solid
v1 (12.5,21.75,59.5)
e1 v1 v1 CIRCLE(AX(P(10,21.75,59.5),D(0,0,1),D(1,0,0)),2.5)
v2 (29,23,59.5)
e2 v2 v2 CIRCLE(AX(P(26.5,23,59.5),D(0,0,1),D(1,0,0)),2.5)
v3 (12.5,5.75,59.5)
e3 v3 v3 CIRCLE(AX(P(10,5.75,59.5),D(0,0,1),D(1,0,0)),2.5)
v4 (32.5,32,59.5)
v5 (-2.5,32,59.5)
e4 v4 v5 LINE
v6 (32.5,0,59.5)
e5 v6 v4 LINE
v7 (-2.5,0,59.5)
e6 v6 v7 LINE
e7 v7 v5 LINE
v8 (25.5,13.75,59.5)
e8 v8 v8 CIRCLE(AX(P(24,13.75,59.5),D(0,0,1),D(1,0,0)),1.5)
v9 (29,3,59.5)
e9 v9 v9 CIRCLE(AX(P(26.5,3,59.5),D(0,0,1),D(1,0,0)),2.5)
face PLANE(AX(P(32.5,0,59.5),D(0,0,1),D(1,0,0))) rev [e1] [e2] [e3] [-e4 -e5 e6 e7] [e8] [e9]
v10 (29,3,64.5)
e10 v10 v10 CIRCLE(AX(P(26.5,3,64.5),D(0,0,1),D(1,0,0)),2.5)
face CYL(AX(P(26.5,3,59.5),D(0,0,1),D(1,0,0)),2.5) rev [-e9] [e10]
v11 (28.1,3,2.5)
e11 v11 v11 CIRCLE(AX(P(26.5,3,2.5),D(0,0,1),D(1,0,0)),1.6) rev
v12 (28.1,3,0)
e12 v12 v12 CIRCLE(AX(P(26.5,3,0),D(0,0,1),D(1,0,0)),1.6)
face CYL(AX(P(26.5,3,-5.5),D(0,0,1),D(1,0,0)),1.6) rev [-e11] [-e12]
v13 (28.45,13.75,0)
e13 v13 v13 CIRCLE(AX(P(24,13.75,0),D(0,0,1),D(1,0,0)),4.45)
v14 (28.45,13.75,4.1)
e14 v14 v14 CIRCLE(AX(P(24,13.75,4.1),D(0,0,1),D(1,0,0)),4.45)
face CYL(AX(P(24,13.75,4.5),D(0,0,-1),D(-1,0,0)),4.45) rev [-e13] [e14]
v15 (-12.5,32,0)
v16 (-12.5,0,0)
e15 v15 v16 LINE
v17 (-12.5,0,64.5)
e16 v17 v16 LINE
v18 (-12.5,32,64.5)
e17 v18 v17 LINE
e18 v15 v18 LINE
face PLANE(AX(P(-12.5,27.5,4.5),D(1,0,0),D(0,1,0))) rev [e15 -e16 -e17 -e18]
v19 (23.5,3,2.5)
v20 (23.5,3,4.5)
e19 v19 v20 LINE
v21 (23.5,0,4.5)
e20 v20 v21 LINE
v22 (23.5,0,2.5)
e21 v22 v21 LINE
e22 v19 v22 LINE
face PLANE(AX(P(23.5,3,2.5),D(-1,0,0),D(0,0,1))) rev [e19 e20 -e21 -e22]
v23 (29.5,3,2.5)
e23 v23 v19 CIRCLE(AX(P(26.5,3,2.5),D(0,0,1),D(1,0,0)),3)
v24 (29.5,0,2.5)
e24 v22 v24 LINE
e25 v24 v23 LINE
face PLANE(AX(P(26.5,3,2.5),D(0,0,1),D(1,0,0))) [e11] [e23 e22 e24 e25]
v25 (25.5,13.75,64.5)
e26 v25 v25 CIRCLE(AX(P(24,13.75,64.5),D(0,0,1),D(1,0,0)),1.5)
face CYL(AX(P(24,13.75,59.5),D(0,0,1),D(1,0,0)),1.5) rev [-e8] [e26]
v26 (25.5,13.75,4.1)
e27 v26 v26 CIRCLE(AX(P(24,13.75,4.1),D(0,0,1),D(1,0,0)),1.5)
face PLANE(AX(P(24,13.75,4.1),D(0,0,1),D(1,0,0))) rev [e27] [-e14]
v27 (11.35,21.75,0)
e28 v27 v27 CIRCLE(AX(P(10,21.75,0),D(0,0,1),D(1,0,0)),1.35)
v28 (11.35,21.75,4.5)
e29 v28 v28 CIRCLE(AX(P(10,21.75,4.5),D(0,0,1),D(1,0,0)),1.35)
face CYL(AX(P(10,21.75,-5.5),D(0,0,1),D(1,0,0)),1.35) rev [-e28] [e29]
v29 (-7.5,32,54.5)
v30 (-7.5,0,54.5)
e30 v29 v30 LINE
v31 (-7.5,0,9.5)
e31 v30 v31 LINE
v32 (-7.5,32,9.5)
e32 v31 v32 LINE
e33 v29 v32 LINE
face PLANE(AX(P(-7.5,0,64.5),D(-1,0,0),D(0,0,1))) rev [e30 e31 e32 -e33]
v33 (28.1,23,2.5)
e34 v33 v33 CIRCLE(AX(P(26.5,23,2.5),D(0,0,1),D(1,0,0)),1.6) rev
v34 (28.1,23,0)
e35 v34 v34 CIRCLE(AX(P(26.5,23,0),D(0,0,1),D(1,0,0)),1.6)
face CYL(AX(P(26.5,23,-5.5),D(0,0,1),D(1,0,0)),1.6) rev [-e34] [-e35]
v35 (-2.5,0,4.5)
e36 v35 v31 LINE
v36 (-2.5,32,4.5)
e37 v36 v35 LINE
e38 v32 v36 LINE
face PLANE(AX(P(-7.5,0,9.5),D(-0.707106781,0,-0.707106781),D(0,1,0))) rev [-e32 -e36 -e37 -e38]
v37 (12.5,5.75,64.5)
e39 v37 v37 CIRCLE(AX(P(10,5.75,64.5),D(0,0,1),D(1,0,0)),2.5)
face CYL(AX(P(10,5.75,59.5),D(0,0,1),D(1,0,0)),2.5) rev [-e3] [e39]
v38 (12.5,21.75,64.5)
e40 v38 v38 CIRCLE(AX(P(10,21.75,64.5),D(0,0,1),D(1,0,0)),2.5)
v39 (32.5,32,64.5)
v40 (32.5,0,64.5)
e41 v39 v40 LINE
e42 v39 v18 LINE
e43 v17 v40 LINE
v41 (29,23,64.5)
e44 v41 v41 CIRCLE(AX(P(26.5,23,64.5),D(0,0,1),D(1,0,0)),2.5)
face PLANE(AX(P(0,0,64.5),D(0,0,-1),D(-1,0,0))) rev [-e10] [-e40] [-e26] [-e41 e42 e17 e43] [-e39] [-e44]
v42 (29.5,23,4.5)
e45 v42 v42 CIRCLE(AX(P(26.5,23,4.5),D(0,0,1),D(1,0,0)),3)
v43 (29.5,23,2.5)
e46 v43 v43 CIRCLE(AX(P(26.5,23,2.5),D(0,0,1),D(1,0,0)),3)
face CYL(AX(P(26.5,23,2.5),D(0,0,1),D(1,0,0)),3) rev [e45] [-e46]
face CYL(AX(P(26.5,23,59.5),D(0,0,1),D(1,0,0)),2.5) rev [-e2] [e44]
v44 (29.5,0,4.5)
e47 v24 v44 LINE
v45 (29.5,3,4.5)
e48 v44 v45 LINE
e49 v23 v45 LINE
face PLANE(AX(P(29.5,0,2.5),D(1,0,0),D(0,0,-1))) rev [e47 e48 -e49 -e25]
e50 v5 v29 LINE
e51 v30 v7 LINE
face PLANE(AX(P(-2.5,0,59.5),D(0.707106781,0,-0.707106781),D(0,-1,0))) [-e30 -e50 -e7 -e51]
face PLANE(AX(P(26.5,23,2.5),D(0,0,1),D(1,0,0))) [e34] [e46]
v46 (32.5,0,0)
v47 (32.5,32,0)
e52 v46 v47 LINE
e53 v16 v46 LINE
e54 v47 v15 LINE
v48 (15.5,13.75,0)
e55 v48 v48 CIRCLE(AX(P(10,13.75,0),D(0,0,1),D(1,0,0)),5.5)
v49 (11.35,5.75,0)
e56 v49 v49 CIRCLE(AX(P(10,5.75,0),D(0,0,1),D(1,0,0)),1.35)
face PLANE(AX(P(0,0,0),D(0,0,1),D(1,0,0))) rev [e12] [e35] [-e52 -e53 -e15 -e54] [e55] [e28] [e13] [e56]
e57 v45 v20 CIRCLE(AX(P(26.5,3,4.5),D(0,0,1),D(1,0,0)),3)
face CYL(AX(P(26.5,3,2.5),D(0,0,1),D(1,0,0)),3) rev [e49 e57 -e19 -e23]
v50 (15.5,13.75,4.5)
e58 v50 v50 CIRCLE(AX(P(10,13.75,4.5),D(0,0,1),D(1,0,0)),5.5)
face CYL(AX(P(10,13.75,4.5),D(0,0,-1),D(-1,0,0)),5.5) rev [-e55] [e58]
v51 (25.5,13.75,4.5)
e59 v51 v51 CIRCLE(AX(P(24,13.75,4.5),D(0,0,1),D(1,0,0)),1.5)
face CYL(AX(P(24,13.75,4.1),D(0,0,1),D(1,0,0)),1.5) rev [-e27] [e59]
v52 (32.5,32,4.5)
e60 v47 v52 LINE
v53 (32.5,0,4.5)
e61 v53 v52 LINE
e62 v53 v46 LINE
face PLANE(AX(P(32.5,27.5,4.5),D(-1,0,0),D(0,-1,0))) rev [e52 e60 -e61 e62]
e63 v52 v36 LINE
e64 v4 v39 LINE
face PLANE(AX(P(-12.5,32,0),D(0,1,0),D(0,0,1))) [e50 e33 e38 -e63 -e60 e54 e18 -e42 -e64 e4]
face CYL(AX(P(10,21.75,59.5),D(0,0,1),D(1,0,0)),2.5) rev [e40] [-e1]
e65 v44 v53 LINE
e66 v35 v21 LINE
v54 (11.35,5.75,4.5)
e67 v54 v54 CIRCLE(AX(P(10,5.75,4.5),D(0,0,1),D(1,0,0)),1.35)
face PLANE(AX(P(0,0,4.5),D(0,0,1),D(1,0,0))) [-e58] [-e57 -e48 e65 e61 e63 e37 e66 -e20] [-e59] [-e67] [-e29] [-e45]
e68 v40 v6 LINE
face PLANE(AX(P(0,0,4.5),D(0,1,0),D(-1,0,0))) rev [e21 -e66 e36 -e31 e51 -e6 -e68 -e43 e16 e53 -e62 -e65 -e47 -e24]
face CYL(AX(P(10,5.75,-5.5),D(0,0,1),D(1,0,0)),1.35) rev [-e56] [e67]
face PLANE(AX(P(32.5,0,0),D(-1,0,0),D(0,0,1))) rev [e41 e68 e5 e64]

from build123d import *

# Parameters (mm, degrees)
SKETCH1_R           = 5.5
SKETCH1_R_2         = 4.45
BOSS_EXTRUDE1_DEPTH = 4.5
BOSS_EXTRUDE2_START = -0.4
SKETCH2_R           = 4.45
SKETCH2_R_2         = 1.5
BOSS_EXTRUDE2_DEPTH = 0.4
SKETCH3_R           = 1.6
CUT_EXTRUDE1_DEPTH  = 10
SKETCH4_R           = 1.35
CUT_EXTRUDE2_DEPTH  = 10
SKETCH5_W           = 45
SKETCH5_H           = 4.5
BOSS_EXTRUDE3_DEPTH = 4.5
SKETCH6_R           = 3
CUT_EXTRUDE4_DEPTH  = 2
SKETCH7_W           = 5
SKETCH7_H           = 32
BOSS_EXTRUDE4_DEPTH = 60
SKETCH8_W           = 5
SKETCH8_H           = 32
BOSS_EXTRUDE5_DEPTH = 40
CUT_EXTRUDE5_START  = -5
SKETCH11_R          = 2.5
SKETCH11_R_2        = 1.5
CUT_EXTRUDE5_DEPTH  = 5
CHAMFER1_SIZE       = 5


with BuildPart() as part:
    # Sketch1 → Boss-Extrude1 (new body)
    with BuildSketch(Plane.XY):
        Polygon((0, 27.5), (32.5, 27.5), (32.5, 0), (0, 0), (-12.5, 0), (-12.5, 27.5), align=None)
        with Locations((10, 13.75)):
            Circle(SKETCH1_R, mode=Mode.SUBTRACT)
        with Locations((24, 13.75)):
            Circle(SKETCH1_R_2, mode=Mode.SUBTRACT)
    extrude(amount=BOSS_EXTRUDE1_DEPTH)

    # Sketch2 → Boss-Extrude2 (add)
    with BuildSketch(Plane.XY.offset(4.5).offset(BOSS_EXTRUDE2_START)):
        with Locations((24, 13.75)):
            Circle(SKETCH2_R)
        with Locations((24, 13.75)):
            Circle(SKETCH2_R_2, mode=Mode.SUBTRACT)
    extrude(amount=BOSS_EXTRUDE2_DEPTH)

    # Sketch3 → Cut-Extrude1 (cut)
    with BuildSketch(Plane.XY.offset(4.5)):
        with Locations((26.5, 23)):
            Circle(SKETCH3_R)
        with Locations((26.5, 3)):
            Circle(SKETCH3_R)
    extrude(amount=-CUT_EXTRUDE1_DEPTH, mode=Mode.SUBTRACT)

    # Sketch4 → Cut-Extrude2 (cut)
    with BuildSketch(Plane.XY.offset(4.5)):
        with Locations((10, 21.75)):
            Circle(SKETCH4_R)
        with Locations((10, 5.75)):
            Circle(SKETCH4_R)
    extrude(amount=-CUT_EXTRUDE2_DEPTH, mode=Mode.SUBTRACT)

    # Sketch5 → Boss-Extrude3 (add)
    with BuildSketch(Plane.XY.offset(4.5)):
        with Locations((10, 29.75)):
            Rectangle(SKETCH5_W, SKETCH5_H)
    extrude(amount=-BOSS_EXTRUDE3_DEPTH)

    # Sketch6 → Cut-Extrude4 (cut)
    with BuildSketch(Plane.XY.offset(4.5)):
        with Locations((26.5, 23)):
            Circle(SKETCH6_R)
        with BuildLine():
            Line((23.5, 3), (23.5, 0))
            Line((23.5, 0), (29.5, 0))
            Line((29.5, 0), (29.5, 3))
            ThreePointArc((29.5, 3), (26.5, 6), (23.5, 3))
        make_face()
    extrude(amount=-CUT_EXTRUDE4_DEPTH, mode=Mode.SUBTRACT)

    # Sketch7 → Boss-Extrude4 (add)
    with BuildSketch(Plane.XY.offset(4.5)):
        with Locations((-10, 16)):
            Rectangle(SKETCH7_W, SKETCH7_H)
    extrude(amount=BOSS_EXTRUDE4_DEPTH)

    # Sketch8 → Boss-Extrude5 (add)
    with BuildSketch(Plane(origin=(-7.5, 0, 0), x_dir=(0, 0, -1), z_dir=(1, 0, 0))):
        with Locations((-62, 16)):
            Rectangle(SKETCH8_W, SKETCH8_H)
    extrude(amount=BOSS_EXTRUDE5_DEPTH)

    # Sketch11 → Cut-Extrude5 (cut)
    with BuildSketch(Plane.XY.offset(64.5).offset(CUT_EXTRUDE5_START)):
        with Locations((10, 21.75)):
            Circle(SKETCH11_R)
        with Locations((26.5, 23)):
            Circle(SKETCH11_R)
        with Locations((26.5, 3)):
            Circle(SKETCH11_R)
        with Locations((10, 5.75)):
            Circle(SKETCH11_R)
        with Locations((24, 13.75)):
            Circle(SKETCH11_R_2)
    extrude(amount=CUT_EXTRUDE5_DEPTH, mode=Mode.SUBTRACT)

    # Chamfer1
    chamfer1_edges = [part.edges().sort_by_distance(p)[0] for p in [
        (-7.5, 16, 59.5),
        (-7.5, 16, 4.5),
    ]]
    chamfer(chamfer1_edges, length=CHAMFER1_SIZE)


solid = part.part
